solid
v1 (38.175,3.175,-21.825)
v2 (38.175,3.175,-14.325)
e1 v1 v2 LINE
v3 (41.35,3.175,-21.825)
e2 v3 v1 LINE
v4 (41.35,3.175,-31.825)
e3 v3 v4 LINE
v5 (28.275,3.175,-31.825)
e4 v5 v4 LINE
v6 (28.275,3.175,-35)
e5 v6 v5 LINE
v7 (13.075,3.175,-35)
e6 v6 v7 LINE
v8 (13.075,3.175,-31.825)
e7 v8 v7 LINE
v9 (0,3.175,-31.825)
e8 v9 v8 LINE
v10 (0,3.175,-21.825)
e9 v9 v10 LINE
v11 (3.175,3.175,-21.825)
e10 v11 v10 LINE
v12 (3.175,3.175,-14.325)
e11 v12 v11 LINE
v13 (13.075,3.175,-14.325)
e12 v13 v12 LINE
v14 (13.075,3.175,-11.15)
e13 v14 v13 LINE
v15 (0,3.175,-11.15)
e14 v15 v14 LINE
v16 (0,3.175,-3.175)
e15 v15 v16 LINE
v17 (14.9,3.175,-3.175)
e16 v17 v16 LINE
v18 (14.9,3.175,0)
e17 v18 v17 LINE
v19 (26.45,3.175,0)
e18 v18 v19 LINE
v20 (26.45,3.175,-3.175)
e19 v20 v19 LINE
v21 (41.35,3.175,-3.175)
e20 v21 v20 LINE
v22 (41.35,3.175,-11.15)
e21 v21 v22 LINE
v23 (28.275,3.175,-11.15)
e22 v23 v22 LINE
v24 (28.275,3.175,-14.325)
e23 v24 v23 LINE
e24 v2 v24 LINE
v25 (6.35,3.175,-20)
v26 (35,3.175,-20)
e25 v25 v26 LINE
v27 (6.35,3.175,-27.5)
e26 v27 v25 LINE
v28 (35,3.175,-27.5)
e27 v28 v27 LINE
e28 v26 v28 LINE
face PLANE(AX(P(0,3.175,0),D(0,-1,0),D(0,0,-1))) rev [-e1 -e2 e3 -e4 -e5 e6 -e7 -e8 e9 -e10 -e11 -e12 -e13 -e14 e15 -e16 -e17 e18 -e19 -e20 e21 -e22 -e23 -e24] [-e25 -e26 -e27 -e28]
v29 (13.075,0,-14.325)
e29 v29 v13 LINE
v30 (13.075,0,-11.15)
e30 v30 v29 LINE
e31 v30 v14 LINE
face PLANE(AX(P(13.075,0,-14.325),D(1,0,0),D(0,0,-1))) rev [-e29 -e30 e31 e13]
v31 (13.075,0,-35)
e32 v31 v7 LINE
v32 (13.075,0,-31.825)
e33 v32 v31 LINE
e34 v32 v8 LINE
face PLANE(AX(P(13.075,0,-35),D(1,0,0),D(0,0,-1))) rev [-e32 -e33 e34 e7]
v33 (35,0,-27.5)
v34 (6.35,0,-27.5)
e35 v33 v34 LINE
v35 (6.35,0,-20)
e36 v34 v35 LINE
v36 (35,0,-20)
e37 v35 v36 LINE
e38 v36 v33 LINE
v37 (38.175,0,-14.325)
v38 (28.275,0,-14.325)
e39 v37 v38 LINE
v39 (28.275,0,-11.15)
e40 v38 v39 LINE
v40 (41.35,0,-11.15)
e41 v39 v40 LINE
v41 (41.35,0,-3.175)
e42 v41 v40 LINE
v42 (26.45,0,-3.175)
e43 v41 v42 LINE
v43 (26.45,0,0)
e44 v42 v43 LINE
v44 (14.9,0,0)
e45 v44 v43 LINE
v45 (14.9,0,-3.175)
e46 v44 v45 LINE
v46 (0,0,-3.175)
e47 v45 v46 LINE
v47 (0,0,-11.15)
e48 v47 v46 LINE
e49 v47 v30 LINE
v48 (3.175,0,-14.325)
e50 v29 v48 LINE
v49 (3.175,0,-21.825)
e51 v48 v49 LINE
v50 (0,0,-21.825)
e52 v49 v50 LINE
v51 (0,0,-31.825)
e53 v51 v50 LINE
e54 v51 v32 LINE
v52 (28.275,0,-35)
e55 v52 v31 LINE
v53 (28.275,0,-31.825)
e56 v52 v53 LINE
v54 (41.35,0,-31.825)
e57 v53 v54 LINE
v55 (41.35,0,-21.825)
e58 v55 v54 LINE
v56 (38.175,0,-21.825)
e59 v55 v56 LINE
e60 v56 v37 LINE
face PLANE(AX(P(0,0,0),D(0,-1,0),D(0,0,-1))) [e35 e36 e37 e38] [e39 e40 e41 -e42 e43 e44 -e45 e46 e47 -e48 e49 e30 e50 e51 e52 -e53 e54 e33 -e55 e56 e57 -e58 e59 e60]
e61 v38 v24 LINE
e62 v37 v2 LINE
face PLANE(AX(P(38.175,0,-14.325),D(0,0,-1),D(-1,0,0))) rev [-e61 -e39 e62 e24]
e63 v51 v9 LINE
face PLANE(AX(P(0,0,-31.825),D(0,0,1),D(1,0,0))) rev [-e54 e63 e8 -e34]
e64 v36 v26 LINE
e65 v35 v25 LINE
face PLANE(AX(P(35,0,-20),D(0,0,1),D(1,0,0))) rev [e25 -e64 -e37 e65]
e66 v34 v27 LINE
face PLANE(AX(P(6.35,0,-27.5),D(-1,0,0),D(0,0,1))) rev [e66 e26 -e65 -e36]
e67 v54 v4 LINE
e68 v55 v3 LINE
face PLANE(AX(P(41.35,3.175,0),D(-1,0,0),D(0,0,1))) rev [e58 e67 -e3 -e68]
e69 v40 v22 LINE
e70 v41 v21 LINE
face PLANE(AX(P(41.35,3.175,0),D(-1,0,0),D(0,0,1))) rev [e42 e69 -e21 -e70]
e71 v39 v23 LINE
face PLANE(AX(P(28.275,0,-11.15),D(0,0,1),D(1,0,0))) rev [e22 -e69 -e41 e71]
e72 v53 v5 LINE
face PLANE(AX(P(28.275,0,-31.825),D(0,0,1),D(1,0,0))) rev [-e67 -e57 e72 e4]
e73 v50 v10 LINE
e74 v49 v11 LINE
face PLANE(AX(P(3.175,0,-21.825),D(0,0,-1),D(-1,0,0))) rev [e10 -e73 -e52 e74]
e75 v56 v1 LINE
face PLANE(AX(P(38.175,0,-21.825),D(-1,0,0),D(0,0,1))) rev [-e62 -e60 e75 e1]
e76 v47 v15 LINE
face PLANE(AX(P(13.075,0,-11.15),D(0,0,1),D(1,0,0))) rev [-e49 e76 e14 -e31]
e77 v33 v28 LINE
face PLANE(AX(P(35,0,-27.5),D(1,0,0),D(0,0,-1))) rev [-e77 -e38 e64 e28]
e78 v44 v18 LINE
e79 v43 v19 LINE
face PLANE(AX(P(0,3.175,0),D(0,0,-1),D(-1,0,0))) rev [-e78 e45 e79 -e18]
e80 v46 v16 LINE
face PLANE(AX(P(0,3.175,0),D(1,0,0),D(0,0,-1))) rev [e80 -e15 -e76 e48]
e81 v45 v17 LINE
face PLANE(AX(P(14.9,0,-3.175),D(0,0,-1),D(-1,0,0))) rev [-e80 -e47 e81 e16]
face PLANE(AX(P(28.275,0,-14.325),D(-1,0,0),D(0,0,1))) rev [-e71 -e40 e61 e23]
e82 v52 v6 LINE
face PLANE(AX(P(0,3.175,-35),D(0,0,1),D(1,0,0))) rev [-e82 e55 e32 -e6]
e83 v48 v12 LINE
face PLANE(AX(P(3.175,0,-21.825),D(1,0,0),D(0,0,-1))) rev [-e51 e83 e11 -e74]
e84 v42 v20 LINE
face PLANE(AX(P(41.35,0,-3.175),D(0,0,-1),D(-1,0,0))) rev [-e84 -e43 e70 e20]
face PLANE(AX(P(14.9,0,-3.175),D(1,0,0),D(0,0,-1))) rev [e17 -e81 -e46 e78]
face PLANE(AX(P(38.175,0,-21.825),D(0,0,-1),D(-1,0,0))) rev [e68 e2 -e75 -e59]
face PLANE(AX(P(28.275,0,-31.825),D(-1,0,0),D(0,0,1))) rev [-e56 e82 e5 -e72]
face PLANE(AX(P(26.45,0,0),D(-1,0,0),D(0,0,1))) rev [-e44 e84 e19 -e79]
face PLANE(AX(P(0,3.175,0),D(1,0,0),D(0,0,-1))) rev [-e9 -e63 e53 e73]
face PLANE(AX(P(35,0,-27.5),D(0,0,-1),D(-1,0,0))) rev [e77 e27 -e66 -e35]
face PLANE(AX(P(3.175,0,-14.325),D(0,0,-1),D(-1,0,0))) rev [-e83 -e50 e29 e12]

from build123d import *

# Parameters (mm, degrees)
SKETCH1_W           = 41.35
SKETCH1_H           = 35
BOSS_EXTRUDE1_DEPTH = 3.175
SKETCH2_W           = 28.65
SKETCH2_H           = 7.5
SKETCH2_W_2         = 13.075
SKETCH2_H_2         = 3.175
SKETCH2_W_3         = 14.9
CUT_EXTRUDE1_DEPTH  = 4.175


with BuildPart() as part:
    # Sketch1 → Boss-Extrude1 (new body)
    with BuildSketch(Plane(origin=(0, 0, 0), x_dir=(1, 0, 0), z_dir=(0, 1, 0))):
        with Locations((20.675, 17.5)):
            Rectangle(SKETCH1_W, SKETCH1_H)
    extrude(amount=BOSS_EXTRUDE1_DEPTH)

    # Sketch2 → Cut-Extrude1 (cut, through all)
    with BuildSketch(Plane(origin=(0, 3.175, 0), x_dir=(1, 0, 0), z_dir=(0, 1, 0))):
        with Locations((20.675, 23.75)):
            Rectangle(SKETCH2_W, SKETCH2_H)
        with Locations((6.5375, 33.4125)):
            Rectangle(SKETCH2_W_2, SKETCH2_H_2)
        with Locations((34.8125, 33.4125)):
            Rectangle(SKETCH2_W_2, SKETCH2_H_2)
        Polygon((38.175, 21.825), (41.35, 21.825), (41.35, 11.15), (28.275, 11.15), (28.275, 14.325), (38.175, 14.325), align=None)
        Polygon((3.175, 21.825), (3.175, 14.325), (13.075, 14.325), (13.075, 11.15), (0, 11.15), (0, 21.825), align=None)
        with Locations((33.9, 1.5875)):
            Rectangle(SKETCH2_W_3, SKETCH2_H_2)
        with Locations((7.45, 1.5875)):
            Rectangle(SKETCH2_W_3, SKETCH2_H_2)
    extrude(amount=-CUT_EXTRUDE1_DEPTH, mode=Mode.SUBTRACT)


solid = part.part
